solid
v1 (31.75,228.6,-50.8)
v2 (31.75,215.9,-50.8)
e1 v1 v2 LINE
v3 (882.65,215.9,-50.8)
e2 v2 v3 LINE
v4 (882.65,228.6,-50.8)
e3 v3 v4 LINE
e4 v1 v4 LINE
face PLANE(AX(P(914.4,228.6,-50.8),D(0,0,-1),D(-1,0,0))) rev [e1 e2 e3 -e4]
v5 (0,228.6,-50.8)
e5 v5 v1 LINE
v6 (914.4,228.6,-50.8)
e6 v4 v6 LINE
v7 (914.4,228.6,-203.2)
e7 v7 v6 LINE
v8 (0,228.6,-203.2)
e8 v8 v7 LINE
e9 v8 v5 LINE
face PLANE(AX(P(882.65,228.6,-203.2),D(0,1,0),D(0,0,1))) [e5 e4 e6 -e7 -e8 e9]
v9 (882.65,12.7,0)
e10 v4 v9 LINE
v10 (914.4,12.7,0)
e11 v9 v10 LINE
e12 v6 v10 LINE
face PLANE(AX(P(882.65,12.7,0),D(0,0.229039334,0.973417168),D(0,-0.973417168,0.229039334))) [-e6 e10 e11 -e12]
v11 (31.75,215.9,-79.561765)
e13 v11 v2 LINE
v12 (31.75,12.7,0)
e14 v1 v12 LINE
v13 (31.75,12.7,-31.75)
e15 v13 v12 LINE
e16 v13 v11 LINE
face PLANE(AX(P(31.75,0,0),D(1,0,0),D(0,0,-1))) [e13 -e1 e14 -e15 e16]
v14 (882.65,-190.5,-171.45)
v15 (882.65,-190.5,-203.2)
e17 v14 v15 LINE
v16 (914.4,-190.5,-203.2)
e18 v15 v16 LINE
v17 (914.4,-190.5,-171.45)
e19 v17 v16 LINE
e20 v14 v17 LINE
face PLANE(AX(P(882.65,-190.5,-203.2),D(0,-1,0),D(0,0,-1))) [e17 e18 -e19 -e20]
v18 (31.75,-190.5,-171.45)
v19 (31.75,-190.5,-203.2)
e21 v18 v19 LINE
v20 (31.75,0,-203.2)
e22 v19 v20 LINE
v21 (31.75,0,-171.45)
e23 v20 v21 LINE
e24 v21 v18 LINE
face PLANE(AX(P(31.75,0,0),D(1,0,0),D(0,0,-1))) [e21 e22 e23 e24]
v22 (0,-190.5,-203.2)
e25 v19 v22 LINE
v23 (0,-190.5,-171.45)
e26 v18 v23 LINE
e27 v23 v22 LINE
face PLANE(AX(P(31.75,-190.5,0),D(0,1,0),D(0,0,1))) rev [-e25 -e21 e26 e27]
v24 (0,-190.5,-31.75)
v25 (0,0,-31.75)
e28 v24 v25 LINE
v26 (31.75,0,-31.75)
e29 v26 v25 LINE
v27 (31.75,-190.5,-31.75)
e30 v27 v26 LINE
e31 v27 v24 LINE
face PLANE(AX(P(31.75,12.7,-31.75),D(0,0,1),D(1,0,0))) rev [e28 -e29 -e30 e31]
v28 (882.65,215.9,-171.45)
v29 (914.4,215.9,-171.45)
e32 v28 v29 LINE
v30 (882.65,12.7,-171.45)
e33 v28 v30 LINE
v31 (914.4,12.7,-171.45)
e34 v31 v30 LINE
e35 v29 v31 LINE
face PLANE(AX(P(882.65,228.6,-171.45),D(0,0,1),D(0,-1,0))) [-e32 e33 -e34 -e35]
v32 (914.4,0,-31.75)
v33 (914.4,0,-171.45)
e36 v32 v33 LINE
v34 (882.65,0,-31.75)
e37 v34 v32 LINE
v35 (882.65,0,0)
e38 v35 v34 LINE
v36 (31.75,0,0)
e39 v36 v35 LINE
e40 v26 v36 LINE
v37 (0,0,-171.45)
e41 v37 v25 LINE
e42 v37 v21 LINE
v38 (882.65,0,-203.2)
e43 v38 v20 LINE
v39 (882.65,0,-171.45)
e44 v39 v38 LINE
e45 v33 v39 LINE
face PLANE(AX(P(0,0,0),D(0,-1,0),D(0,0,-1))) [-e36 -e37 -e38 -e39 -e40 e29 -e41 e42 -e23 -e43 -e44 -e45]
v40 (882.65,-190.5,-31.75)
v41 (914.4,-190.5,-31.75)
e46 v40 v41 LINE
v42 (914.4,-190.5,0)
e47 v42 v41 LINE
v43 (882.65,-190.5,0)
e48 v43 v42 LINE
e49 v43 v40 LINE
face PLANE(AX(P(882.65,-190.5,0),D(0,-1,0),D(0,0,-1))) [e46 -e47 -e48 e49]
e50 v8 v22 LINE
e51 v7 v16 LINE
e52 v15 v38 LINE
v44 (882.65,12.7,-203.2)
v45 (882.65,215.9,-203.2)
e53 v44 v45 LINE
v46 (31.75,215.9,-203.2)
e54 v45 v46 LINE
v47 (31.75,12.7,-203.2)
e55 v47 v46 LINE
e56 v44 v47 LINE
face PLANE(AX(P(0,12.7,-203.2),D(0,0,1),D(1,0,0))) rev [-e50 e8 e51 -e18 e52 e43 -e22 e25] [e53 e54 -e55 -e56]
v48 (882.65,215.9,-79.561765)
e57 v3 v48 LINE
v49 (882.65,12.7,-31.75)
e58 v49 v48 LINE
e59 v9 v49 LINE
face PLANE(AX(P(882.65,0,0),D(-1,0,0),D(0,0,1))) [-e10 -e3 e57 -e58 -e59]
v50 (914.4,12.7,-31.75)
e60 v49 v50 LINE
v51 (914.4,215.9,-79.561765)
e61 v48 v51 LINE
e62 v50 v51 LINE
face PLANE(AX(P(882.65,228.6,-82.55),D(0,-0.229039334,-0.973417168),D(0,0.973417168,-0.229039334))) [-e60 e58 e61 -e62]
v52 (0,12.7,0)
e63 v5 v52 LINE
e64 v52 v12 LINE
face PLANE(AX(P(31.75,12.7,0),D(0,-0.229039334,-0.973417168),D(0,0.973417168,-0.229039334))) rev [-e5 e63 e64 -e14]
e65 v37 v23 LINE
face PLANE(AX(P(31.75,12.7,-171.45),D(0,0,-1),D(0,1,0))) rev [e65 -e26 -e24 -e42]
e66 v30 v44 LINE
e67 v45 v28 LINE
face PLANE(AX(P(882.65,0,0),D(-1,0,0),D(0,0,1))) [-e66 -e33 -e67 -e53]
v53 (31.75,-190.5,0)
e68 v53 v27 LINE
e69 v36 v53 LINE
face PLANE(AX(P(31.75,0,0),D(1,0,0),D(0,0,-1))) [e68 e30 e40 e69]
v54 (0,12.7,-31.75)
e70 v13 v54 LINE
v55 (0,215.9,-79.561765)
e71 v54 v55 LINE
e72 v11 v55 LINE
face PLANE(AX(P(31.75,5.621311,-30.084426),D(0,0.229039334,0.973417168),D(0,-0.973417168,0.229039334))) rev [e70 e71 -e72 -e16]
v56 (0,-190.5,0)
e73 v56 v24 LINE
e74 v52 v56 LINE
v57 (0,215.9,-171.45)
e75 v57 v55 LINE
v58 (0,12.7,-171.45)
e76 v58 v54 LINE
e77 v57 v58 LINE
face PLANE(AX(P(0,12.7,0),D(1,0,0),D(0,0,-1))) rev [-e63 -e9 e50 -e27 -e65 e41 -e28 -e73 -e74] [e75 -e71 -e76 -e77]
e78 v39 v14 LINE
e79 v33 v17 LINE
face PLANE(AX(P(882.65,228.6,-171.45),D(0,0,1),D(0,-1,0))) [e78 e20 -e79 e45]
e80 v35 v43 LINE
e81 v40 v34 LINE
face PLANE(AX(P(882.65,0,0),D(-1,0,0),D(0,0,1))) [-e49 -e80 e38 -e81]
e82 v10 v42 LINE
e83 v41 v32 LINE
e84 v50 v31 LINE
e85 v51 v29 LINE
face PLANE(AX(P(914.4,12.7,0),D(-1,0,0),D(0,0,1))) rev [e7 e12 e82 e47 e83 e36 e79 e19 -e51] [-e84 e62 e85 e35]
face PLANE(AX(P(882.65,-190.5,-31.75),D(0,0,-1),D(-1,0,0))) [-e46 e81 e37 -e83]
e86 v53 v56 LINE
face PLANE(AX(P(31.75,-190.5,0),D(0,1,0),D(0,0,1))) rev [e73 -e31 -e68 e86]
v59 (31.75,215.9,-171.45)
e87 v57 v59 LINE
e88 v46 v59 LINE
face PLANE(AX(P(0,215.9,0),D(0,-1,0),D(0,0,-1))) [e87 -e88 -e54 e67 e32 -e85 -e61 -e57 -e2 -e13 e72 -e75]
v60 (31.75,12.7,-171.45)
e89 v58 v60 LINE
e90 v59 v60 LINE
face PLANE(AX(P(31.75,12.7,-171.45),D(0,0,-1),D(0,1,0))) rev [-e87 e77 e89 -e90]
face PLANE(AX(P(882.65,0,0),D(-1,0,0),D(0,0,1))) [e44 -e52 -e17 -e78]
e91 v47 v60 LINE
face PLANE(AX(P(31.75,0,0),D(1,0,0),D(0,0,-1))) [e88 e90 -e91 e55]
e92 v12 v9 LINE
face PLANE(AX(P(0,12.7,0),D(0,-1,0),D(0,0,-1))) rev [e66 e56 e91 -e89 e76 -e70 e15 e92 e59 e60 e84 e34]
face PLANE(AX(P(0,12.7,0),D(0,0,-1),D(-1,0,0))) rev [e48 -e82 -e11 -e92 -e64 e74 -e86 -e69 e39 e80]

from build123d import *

# Parameters (mm, degrees)
SKETCH1_W           = 914.4
SKETCH1_H           = 203.2
BOSS_EXTRUDE1_DEPTH = 12.7
SKETCH2_W           = 914.4
SKETCH2_H           = 152.4
BOSS_EXTRUDE2_DEPTH = 12.7
SKETCH3_W           = 31.75
SKETCH3_H           = 419.1
BOSS_EXTRUDE3_DEPTH = 31.75
BOSS_EXTRUDE4_START = -914.4
SKETCH3_2_W         = 31.75
SKETCH3_2_H         = 419.1
BOSS_EXTRUDE4_DEPTH = 31.75


with BuildPart() as part:
    # Sketch1 → Boss-Extrude1 (new body)
    with BuildSketch(Plane(origin=(0, 0, 0), x_dir=(1, 0, 0), z_dir=(0, 1, 0))):
        with Locations((457.2, 101.6)):
            Rectangle(SKETCH1_W, SKETCH1_H)
    extrude(amount=BOSS_EXTRUDE1_DEPTH)



with BuildPart() as body_2:
    # Sketch2 → Boss-Extrude2 (new body)
    with BuildSketch(Plane(origin=(0, 215.9, 0), x_dir=(1, 0, 0), z_dir=(0, 1, 0))):
        with Locations((457.2, 127)):
            Rectangle(SKETCH2_W, SKETCH2_H)
    extrude(amount=BOSS_EXTRUDE2_DEPTH)


with BuildPart() as part_1:
    add(part.part)

    add(body_2.part)  # Boss-Extrude3 merges body 2
    # Sketch3 → Boss-Extrude3 (add)
    with BuildSketch(Plane(origin=(914.4, 0, 0), x_dir=(0, 0, -1), z_dir=(1, 0, 0))):
        with Locations((187.325, 19.05)):
            Rectangle(SKETCH3_W, SKETCH3_H)
        Polygon((0, 12.7), (0, -190.5), (31.75, -190.5), (31.75, 12.7), (82.55, 228.6), (50.8, 228.6), align=None)
    extrude(amount=-BOSS_EXTRUDE3_DEPTH)

    # Sketch3<2> → Boss-Extrude4 (add)
    with BuildSketch(Plane(origin=(914.4, 0, 0), x_dir=(0, 0, -1), z_dir=(1, 0, 0)).offset(BOSS_EXTRUDE4_START)):
        with Locations((187.325, 19.05)):
            Rectangle(SKETCH3_2_W, SKETCH3_2_H)
        Polygon((0, 12.7), (0, -190.5), (31.75, -190.5), (31.75, 12.7), (82.55, 228.6), (50.8, 228.6), align=None)
    extrude(amount=BOSS_EXTRUDE4_DEPTH)


solid = part_1.part
